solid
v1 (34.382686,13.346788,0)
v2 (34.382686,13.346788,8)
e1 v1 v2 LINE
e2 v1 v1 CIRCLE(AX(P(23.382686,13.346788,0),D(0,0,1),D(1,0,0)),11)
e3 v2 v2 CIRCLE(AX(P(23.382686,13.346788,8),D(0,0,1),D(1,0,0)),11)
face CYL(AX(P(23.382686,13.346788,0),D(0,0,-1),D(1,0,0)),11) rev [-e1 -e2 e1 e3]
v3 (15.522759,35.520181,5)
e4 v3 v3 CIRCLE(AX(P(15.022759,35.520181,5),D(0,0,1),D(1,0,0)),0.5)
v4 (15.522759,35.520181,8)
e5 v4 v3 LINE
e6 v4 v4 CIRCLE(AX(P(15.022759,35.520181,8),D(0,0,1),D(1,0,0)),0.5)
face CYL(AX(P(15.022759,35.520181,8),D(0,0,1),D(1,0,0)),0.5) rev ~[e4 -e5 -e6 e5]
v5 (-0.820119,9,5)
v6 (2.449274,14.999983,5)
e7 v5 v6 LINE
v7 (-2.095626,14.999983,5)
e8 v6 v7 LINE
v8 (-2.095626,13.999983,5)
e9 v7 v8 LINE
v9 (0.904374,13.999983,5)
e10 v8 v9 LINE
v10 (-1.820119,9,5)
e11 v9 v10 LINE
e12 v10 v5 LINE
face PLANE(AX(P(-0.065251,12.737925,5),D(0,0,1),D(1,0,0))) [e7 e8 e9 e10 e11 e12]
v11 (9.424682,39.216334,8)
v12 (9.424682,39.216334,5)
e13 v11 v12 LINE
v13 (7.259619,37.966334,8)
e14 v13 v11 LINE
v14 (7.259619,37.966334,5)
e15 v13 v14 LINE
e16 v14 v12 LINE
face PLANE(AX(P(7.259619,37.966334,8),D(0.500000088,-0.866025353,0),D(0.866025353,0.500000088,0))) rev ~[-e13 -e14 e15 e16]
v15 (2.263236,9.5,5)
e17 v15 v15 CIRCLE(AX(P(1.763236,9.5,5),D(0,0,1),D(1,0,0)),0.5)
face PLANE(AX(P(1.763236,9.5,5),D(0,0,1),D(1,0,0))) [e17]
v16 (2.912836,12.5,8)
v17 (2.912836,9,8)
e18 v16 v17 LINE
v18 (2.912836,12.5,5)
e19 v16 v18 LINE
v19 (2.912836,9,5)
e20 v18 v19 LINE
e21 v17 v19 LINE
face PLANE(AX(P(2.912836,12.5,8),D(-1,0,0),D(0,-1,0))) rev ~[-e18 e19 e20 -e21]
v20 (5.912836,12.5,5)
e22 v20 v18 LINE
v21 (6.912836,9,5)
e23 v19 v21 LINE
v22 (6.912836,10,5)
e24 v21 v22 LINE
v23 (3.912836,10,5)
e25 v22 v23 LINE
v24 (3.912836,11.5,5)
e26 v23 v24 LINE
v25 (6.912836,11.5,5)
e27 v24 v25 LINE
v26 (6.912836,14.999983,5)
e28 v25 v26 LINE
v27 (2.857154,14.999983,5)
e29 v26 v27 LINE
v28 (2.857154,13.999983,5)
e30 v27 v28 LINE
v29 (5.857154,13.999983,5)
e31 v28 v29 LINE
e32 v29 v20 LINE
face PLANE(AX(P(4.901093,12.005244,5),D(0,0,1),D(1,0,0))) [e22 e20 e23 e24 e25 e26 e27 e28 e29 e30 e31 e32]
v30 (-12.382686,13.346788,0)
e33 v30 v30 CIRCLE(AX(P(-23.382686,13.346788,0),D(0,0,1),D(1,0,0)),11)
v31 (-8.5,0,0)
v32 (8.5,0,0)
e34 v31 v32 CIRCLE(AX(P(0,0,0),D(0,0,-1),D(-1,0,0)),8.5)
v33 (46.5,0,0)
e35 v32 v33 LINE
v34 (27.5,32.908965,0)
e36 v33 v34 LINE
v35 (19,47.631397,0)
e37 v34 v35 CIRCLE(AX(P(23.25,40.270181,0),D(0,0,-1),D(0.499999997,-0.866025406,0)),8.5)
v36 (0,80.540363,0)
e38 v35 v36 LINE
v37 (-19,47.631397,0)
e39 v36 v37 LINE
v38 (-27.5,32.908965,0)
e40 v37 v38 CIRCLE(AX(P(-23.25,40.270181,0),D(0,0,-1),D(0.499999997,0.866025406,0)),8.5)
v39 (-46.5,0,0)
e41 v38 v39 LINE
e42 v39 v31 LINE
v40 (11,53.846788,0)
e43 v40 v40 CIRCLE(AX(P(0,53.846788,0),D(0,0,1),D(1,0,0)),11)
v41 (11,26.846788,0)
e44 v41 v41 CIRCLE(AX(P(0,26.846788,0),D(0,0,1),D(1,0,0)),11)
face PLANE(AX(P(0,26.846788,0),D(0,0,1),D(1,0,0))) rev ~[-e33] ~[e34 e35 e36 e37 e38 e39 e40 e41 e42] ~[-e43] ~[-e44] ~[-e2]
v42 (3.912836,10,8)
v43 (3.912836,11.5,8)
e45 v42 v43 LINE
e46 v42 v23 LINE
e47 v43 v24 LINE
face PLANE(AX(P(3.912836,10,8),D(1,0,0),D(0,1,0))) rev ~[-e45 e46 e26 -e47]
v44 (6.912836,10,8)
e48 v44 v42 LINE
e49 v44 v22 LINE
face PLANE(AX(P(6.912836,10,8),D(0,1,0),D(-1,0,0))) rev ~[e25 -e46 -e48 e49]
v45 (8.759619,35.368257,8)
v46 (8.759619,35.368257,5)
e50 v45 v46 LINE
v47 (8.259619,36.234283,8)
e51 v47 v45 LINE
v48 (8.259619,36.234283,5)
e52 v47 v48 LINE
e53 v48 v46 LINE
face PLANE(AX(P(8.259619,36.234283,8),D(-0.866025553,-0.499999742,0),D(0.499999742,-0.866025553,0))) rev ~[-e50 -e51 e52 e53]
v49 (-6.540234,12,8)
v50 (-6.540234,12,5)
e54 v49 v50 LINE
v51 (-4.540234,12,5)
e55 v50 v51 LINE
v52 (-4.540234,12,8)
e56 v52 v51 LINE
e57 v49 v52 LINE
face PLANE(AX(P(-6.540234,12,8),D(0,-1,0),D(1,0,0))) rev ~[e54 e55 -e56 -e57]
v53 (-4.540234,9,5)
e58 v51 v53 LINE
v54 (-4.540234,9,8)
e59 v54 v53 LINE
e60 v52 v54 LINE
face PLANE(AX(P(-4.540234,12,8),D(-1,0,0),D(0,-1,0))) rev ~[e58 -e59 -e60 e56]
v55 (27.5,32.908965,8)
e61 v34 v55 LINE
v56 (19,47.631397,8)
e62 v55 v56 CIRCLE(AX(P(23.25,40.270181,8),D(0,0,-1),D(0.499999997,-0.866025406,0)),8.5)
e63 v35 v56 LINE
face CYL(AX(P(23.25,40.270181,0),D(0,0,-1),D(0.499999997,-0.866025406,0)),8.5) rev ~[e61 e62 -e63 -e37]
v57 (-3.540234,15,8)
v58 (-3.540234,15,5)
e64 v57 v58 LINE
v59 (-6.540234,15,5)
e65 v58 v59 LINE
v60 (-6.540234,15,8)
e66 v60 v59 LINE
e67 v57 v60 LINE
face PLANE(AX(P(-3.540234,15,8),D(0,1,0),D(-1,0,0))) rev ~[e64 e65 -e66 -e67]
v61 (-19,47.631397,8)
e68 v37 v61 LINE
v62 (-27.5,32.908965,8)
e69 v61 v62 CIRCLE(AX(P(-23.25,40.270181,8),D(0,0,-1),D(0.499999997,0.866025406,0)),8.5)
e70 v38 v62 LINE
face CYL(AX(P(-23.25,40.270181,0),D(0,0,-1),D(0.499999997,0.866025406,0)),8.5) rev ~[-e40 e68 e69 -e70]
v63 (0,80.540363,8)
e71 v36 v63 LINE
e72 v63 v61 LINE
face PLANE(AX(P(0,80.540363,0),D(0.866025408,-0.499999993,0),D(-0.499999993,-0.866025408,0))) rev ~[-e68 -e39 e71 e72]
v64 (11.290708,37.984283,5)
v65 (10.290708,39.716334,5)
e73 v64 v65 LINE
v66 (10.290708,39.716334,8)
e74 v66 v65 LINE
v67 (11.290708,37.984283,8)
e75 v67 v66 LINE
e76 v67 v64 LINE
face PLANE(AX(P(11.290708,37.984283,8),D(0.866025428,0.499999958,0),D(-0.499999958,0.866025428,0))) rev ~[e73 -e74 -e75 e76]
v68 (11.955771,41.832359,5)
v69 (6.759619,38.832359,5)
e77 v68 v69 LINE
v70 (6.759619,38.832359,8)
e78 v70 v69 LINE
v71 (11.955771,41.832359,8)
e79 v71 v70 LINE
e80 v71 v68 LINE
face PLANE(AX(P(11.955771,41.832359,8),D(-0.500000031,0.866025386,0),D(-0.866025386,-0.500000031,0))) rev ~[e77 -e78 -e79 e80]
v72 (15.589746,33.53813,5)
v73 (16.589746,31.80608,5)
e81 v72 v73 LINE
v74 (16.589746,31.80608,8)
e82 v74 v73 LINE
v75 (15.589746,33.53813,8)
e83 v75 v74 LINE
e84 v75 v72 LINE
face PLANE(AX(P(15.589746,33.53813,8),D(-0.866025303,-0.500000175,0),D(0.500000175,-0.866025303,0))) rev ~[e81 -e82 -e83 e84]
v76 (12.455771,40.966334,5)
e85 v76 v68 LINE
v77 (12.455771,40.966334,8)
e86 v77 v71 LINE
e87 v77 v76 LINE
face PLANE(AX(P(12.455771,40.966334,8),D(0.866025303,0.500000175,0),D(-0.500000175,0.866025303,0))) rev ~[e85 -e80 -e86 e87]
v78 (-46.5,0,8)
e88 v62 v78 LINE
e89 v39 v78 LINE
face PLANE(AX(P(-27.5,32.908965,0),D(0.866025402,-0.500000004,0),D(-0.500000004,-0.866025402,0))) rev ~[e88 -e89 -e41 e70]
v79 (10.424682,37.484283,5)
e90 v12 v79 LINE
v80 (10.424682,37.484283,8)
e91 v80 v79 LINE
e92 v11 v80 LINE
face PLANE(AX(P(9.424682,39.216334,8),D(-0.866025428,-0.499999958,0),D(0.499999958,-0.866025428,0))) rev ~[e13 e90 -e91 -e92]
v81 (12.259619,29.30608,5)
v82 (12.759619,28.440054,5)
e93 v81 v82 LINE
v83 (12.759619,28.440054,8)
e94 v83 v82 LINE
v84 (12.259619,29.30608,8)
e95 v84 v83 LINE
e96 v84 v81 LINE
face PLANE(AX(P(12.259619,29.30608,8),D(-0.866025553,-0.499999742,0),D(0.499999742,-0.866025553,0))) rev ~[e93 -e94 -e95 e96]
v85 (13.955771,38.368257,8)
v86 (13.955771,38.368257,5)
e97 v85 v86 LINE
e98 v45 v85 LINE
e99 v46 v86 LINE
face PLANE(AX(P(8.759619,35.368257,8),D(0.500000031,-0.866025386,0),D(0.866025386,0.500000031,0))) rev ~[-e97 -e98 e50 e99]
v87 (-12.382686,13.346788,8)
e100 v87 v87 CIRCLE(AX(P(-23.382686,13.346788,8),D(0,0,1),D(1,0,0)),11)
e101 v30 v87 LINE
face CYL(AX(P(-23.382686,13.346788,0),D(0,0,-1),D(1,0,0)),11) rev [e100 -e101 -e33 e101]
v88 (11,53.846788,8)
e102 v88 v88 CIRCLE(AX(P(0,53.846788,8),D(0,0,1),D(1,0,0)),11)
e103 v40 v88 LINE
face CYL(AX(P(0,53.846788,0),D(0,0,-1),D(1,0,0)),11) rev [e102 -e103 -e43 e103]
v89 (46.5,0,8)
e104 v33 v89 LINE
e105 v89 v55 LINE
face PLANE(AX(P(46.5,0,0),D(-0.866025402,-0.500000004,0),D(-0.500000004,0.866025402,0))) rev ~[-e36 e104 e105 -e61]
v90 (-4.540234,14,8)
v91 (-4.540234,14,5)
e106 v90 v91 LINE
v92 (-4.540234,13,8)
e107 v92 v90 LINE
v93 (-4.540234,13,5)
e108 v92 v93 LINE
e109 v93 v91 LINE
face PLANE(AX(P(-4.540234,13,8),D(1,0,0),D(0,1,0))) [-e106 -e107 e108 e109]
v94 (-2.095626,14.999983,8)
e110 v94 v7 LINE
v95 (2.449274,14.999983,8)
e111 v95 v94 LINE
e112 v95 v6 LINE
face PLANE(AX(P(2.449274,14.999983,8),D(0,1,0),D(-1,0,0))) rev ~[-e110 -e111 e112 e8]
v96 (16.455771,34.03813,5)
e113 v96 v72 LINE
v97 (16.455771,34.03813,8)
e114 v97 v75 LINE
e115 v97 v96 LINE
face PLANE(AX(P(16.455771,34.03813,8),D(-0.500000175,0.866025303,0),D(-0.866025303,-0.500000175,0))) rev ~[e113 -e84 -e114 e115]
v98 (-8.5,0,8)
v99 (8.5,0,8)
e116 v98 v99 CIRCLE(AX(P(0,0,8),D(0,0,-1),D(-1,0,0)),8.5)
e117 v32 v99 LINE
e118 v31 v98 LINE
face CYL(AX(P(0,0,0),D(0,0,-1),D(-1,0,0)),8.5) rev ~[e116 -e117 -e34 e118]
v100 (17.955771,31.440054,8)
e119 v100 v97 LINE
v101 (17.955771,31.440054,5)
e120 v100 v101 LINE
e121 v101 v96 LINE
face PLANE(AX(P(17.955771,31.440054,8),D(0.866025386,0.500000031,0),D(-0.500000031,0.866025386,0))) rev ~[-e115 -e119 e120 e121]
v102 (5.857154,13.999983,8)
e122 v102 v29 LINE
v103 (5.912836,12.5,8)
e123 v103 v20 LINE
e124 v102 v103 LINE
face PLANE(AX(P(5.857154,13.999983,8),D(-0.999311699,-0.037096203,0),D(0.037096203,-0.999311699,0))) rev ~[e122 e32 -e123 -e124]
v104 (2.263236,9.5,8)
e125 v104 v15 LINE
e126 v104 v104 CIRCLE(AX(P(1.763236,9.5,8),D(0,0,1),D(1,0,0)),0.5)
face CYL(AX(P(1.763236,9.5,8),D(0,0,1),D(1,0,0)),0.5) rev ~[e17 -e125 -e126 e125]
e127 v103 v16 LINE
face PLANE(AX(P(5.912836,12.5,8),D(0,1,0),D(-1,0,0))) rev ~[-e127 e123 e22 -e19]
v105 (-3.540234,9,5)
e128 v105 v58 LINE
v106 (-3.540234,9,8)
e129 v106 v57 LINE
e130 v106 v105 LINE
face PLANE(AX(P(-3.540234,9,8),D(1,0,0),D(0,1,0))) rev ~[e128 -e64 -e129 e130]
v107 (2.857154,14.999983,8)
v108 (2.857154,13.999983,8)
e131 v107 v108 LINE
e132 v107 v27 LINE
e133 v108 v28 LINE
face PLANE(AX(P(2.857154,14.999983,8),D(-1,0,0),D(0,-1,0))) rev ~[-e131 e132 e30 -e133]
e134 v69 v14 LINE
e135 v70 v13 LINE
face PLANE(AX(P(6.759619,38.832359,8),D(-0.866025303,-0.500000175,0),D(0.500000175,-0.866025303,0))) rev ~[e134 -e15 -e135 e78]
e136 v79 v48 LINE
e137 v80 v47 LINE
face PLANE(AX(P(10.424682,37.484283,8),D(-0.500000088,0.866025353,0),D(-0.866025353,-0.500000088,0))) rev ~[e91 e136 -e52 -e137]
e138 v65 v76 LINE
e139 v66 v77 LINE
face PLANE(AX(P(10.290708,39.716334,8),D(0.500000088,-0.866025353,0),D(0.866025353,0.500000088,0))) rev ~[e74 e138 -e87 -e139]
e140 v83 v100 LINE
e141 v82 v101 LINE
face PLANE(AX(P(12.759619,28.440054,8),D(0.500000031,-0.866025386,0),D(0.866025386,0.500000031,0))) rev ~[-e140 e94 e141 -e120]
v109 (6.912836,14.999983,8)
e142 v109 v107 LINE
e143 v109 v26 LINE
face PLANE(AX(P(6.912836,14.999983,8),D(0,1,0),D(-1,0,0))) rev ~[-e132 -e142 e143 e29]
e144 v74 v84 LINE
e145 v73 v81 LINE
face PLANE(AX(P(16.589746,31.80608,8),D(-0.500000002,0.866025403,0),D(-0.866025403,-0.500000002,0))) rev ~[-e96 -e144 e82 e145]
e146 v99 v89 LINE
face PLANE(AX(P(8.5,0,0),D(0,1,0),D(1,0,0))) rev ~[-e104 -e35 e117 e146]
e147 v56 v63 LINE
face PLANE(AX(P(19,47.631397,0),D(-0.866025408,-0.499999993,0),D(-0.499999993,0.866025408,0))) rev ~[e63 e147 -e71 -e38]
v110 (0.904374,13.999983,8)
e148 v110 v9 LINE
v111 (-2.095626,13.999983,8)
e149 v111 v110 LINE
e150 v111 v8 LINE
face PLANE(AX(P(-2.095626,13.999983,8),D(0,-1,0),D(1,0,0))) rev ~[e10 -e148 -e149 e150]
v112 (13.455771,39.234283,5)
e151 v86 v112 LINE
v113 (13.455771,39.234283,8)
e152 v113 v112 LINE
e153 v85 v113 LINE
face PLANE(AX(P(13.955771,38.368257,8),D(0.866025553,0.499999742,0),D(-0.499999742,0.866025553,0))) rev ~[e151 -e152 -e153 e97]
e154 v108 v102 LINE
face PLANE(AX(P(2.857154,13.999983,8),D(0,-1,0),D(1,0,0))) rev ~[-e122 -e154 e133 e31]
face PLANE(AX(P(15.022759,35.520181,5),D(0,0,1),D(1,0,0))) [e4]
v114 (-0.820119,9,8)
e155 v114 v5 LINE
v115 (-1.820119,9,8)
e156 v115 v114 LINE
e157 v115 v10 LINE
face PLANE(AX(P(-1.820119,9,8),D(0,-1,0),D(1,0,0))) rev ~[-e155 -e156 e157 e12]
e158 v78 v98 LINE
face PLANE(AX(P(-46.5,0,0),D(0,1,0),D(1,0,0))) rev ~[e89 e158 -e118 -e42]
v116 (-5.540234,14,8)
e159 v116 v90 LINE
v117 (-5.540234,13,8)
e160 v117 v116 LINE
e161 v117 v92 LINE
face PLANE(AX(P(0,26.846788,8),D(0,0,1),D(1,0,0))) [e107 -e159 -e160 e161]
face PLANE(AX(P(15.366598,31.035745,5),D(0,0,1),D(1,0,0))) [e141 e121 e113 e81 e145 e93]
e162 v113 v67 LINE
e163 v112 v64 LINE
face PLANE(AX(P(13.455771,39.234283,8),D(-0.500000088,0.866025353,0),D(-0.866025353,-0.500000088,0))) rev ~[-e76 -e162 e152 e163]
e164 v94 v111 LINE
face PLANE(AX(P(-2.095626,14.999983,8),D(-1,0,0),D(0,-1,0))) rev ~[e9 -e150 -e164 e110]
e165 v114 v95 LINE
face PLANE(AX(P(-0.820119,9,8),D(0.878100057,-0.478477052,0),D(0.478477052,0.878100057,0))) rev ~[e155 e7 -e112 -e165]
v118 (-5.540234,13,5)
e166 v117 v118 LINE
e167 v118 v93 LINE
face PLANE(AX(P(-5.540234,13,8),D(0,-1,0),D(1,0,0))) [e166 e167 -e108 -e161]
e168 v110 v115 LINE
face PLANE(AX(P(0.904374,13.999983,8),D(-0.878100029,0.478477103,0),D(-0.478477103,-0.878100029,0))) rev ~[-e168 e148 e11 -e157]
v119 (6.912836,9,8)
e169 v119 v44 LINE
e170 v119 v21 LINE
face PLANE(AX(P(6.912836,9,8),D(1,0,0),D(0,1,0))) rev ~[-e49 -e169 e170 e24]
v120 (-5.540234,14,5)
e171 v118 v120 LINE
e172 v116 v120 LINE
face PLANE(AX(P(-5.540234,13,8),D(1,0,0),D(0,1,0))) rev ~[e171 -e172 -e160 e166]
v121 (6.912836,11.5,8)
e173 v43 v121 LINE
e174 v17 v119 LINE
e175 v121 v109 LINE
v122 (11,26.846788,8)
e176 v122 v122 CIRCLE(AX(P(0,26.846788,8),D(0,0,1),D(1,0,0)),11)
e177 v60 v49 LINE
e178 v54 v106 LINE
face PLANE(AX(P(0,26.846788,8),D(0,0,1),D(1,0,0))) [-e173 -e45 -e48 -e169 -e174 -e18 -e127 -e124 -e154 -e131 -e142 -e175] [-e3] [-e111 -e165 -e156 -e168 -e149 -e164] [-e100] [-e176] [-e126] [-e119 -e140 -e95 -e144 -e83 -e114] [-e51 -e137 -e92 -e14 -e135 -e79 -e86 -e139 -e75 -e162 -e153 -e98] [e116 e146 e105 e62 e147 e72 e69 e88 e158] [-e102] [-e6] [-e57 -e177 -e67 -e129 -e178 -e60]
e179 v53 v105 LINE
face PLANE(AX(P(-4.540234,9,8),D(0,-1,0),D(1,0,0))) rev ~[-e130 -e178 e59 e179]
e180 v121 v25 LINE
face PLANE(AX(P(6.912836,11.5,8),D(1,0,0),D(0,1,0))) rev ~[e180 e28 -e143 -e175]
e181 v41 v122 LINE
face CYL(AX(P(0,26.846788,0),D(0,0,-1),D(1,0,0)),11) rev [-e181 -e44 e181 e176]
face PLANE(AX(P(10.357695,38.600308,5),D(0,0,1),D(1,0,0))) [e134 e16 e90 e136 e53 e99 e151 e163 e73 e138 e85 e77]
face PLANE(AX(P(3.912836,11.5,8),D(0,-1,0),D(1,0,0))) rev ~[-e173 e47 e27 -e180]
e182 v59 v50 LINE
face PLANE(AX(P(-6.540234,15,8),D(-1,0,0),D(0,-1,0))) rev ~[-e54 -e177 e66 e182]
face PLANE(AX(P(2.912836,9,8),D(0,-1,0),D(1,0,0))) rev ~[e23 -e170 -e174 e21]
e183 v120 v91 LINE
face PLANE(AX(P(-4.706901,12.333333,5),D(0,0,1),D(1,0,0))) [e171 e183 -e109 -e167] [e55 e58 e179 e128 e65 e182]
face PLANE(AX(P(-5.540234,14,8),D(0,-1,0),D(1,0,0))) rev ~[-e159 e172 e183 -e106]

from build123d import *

# Parameters (mm, degrees)
F0_R     = 11
F1_DEPTH = 8
F2_W     = 1
F2_H     = 1
F2_R     = 0.5
F3_DEPTH = 3


with BuildPart() as f1:
    # F0 (on Top) → F1 (new body)
    with BuildSketch(Plane.XY):
        with BuildLine():
            ThreePointArc((-8.5, 0), (0, 8.5), (8.5, 0))
            Line((8.5, 0), (46.5, 0))
            Line((46.5, 0), (27.5, 32.908965))
            ThreePointArc((27.5, 32.908965), (15.888784, 36.020181), (19, 47.631397))
            Line((19, 47.631397), (0, 80.540363))
            Line((0, 80.540363), (-19, 47.631397))
            ThreePointArc((-19, 47.631397), (-15.888784, 36.020181), (-27.5, 32.908965))
            Line((-27.5, 32.908965), (-46.5, 0))
            Line((-46.5, 0), (-8.5, 0))
        make_face()
        with Locations((-23.382686, 13.346788)):
            Circle(F0_R, mode=Mode.SUBTRACT)
        with Locations((23.382686, 13.346788)):
            Circle(F0_R, mode=Mode.SUBTRACT)
        with Locations((0, 26.846788)):
            Circle(F0_R, mode=Mode.SUBTRACT)
        with Locations((0, 53.846788)):
            Circle(F0_R, mode=Mode.SUBTRACT)
    extrude(amount=F1_DEPTH)

    # F2 (on face) → F3 (cut)
    with BuildSketch(Plane.XY.offset(8)):
        Polygon((-6.540234, 12), (-4.540234, 12), (-4.540234, 9), (-3.540234, 9), (-3.540234, 12), (-3.540234, 15), (-6.540234, 15), align=None)
        with Locations((-5.040234, 13.5)):
            Rectangle(F2_W, F2_H, mode=Mode.SUBTRACT)
        Polygon((2.449274, 14.999983), (-2.095626, 14.999983), (-2.095626, 13.999983), (0.904374, 13.999983), (-1.820119, 9), (-0.820119, 9), align=None)
        Polygon((2.912836, 9), (6.912836, 9), (6.912836, 10), (3.912836, 10), (3.912836, 11.5), (6.912836, 11.5), (6.912836, 14.999983), (2.857154, 14.999983), (2.857154, 13.999983), (5.857154, 13.999983), (5.912836, 12.5), (2.912836, 12.5), (2.912836, 11.5), align=None)
        Polygon((8.759619, 35.368257), (13.955771, 38.368257), (13.455771, 39.234283), (11.290708, 37.984283), (10.290708, 39.716334), (12.455771, 40.966334), (11.955771, 41.832359), (6.759619, 38.832359), (7.259619, 37.966334), (9.424682, 39.216334), (10.424682, 37.484283), (8.259619, 36.234283), align=None)
        with Locations((1.763236, 9.5)):
            Circle(F2_R)
        with Locations((15.022759, 35.520181)):
            Circle(F2_R)
        Polygon((12.759619, 28.440054), (17.955771, 31.440054), (16.455771, 34.03813), (15.589746, 33.53813), (16.589746, 31.80608), (12.259619, 29.30608), align=None)
    extrude(amount=-F3_DEPTH, mode=Mode.SUBTRACT)


solid = f1.part
